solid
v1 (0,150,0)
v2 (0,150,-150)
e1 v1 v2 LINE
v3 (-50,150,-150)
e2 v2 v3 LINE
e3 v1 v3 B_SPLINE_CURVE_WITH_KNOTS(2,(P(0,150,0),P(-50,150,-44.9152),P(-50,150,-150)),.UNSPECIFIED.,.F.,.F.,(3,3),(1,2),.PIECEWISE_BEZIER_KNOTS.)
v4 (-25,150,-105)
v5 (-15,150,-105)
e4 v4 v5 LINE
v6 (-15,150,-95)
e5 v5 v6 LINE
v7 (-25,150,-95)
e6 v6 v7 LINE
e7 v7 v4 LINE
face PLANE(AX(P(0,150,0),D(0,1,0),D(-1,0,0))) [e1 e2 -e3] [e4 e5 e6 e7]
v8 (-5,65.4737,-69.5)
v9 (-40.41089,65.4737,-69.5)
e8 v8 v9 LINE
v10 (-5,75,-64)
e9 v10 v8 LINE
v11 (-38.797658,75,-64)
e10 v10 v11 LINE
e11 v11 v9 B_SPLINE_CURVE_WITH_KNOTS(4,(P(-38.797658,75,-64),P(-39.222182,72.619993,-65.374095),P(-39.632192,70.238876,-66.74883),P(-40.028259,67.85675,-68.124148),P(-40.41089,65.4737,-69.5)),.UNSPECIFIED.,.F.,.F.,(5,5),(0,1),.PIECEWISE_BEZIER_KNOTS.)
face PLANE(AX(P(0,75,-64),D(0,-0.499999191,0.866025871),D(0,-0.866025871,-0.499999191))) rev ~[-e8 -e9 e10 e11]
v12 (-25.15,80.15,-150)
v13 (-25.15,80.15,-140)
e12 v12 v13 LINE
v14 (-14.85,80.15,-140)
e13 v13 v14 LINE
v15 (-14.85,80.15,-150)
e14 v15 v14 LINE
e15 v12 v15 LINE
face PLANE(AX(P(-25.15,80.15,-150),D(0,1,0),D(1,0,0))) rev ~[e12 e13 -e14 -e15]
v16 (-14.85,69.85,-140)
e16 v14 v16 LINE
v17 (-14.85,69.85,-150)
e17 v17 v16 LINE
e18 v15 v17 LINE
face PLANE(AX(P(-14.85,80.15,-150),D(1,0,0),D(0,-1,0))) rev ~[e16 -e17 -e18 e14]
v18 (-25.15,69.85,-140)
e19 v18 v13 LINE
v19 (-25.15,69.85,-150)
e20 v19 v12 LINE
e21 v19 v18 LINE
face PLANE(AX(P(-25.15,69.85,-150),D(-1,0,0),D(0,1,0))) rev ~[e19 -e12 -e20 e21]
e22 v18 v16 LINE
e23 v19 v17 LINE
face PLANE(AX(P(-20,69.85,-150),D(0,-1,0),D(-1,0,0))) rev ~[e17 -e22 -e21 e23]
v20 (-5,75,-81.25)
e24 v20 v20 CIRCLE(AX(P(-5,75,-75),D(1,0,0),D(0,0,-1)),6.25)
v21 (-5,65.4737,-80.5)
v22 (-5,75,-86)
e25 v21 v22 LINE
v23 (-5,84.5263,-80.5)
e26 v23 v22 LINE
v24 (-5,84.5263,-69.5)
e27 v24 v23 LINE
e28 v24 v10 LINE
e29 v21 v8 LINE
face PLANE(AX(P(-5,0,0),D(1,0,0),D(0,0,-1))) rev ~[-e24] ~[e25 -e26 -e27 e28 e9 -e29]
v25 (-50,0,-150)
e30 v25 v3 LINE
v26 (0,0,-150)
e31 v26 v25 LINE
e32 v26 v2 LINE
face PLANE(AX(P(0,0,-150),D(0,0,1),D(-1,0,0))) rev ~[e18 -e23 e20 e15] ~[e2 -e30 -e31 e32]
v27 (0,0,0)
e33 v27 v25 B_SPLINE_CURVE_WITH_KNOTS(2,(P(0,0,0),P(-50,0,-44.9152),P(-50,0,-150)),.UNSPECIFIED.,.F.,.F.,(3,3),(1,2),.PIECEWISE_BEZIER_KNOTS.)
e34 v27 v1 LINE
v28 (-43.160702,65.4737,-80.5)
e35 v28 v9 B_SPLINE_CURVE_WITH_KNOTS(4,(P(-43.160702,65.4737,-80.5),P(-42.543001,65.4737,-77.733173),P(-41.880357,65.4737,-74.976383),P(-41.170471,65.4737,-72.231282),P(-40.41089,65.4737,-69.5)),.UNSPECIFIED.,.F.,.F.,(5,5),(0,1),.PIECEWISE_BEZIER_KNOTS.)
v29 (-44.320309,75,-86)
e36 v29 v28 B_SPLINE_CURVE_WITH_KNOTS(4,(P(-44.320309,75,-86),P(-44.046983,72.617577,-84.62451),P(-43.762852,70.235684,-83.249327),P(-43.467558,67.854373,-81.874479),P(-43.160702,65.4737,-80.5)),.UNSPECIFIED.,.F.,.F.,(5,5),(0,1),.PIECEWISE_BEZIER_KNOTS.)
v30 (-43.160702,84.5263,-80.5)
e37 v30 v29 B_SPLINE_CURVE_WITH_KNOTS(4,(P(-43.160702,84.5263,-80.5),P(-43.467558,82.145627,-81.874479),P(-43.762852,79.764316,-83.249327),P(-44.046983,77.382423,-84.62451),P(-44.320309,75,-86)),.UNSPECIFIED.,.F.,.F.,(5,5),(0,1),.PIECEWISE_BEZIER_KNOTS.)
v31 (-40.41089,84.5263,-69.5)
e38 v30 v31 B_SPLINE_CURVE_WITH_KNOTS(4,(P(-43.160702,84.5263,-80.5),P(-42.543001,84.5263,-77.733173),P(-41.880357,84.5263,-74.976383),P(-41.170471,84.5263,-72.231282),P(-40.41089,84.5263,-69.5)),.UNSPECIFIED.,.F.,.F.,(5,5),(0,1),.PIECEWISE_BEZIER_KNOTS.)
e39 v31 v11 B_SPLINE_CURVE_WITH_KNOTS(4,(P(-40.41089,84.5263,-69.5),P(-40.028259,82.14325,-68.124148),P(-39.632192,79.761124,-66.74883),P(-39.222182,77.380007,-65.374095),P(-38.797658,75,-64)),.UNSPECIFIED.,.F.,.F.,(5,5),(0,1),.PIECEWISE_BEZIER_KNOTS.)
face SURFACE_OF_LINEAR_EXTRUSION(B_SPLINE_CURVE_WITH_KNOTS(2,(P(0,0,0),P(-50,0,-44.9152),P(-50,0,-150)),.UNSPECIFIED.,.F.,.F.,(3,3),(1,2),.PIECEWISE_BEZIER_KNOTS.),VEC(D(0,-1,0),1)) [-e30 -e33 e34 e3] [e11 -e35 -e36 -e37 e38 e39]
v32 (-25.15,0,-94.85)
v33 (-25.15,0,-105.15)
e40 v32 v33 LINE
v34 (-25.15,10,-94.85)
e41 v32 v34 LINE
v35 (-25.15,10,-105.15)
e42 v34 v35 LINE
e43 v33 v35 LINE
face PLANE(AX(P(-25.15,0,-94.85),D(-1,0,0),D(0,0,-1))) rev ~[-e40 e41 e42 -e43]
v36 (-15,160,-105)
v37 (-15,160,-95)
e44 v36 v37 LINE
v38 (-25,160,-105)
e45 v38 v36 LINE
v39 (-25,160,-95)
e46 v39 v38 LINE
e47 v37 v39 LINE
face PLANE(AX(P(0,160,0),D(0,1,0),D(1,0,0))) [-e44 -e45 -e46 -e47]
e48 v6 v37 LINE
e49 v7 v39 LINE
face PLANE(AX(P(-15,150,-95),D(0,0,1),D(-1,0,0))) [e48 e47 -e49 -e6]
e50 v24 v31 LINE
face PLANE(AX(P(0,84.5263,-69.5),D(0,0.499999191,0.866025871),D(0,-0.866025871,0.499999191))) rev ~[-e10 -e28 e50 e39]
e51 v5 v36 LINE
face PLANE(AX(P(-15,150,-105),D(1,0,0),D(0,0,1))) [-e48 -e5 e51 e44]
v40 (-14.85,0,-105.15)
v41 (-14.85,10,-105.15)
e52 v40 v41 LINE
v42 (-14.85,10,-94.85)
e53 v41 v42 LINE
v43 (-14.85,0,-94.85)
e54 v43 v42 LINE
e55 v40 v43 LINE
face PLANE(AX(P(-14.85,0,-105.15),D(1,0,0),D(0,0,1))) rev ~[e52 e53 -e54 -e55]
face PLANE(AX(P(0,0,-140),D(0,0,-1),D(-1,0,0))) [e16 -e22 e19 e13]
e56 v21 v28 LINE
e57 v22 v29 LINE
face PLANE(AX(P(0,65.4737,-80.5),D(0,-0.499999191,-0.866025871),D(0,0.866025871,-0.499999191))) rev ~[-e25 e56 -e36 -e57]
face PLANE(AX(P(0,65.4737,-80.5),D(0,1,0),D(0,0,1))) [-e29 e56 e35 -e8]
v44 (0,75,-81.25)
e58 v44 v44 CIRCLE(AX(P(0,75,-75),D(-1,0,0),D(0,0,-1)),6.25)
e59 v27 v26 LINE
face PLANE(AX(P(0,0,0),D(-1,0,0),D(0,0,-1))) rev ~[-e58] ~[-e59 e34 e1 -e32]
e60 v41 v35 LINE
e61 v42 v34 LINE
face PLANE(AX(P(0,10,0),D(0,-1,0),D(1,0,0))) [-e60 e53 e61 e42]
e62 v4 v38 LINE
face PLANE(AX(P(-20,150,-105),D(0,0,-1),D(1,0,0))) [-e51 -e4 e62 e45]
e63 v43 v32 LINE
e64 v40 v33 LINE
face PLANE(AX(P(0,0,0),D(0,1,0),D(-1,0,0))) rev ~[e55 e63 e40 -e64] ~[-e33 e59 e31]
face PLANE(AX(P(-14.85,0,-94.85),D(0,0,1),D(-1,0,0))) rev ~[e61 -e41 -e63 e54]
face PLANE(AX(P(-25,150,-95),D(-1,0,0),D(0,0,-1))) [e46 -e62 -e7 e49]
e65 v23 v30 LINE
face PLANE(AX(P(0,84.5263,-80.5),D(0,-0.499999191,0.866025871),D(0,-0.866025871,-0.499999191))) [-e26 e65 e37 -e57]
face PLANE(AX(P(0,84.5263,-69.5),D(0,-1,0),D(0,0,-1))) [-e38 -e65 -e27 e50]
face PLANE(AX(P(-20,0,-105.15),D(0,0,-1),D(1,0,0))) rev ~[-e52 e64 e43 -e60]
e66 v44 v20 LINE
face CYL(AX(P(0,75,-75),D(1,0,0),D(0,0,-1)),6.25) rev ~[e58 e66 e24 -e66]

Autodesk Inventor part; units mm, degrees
ref_plane "YZ Plane" through (0, 0, 0) normal (1, 0, 0) x (0, 1, 0)
ref_plane "XZ Plane" through (0, 0, 0) normal (0, 1, 0) x (-1, 0, 0)
ref_plane "XY Plane" through (0, 0, 0) normal (0, 0, 1) x (1, 0, 0)
sketch "Sketch1" plane through (0, 0, 0) normal (0, 1, 0) x (-1, 0, 0)
  line L0 (0, 0) -> (0, -150)
  line L1 (0, -150) -> (50, -150)
  line L2 (0, 0) -> (50, -44.9152) construction
  line L3 (50, -44.9152) -> (50, -150) construction
  spline S0 degree 2 poles (0, 0) (50, -44.9152) (50, -150) knots 1 1 1 2 2 2
  dimension "d0" = 150
  dimension "d2" = 50
extrude "Extrusion7" add sketch "Sketch1" along normal blind 150
sketch "Sketch5" plane through (0, 0, -150) normal (0, 0, -1) x (-1, 0, 0)
  line L0 (0, 0) -> (0, 150) projected
  line L1 (0, 0) -> (20, 0)
  line L2 (0, 0) -> (50, 0) projected
  line L3 (20, 0) -> (20, 75)
  line L4 (25.15, 80.15) -> (14.85, 80.15)
  line L5 (14.85, 80.15) -> (14.85, 69.85)
  line L6 (14.85, 69.85) -> (25.15, 69.85)
  line L7 (25.15, 69.85) -> (25.15, 80.15)
  line L8 (25.15, 80.15) -> (14.85, 69.85) construction
  line L9 (14.85, 80.15) -> (25.15, 69.85) construction
  dimension "d57" = 20
  dimension "d58" = 75
  dimension "d59" = 10.3
  dimension "d60" = 10.3
extrude "Extrusion8" cut sketch "Sketch5" against normal blind 10
sketch "Sketch6" plane through (0, 0, 0) normal (0, -1, 0) x (1, 0, 0)
  line L0 (0, 0) -> (0, -150) projected
  line L1 (0, -150) -> (-20, -150)
  line L2 (0, -150) -> (-50, -150) projected
  line L3 (-20, -150) -> (-20, -100)
  line L4 (-25.15, -105.15) -> (-14.85, -105.15)
  line L5 (-14.85, -105.15) -> (-14.85, -94.85)
  line L6 (-14.85, -94.85) -> (-25.15, -94.85)
  line L7 (-25.15, -94.85) -> (-25.15, -105.15)
  line L8 (-25.15, -105.15) -> (-14.85, -94.85) construction
  line L9 (-14.85, -105.15) -> (-25.15, -94.85) construction
  dimension "d51" = 20
  dimension "d52" = 50
  dimension "d53" = 10.3
  dimension "d54" = 10.3
extrude "Extrusion9" cut sketch "Sketch6" against normal blind 10
sketch "Sketch7" plane through (0, 150, 0) normal (0, 1, 0) x (1, 0, 0)
  line L0 (0, 150) -> (-50, 150) projected
  line L1 (0, 150) -> (-20, 150)
  line L2 (-20, 150) -> (-20, 100)
  line L3 (-15, 95) -> (-25, 95)
  line L4 (-25, 95) -> (-25, 105)
  line L5 (-25, 105) -> (-15, 105)
  line L6 (-15, 105) -> (-15, 95)
  line L7 (-15, 95) -> (-25, 105) construction
  line L8 (-25, 95) -> (-15, 105) construction
  point P0 (0, 0)
  dimension "d61" = 20
  dimension "d62" = 50
  dimension "d63" = 10
  dimension "d64" = 10
extrude "Extrusion10" add sketch "Sketch7" along normal blind 10
sketch "Sketch8" plane through (0, 0, 0) normal (1, 0, 0) x (0, 0, -1)
  line L0 (0, 0) -> (0, 150) projected
  line L1 (0, 75) -> (75, 75) construction
  line L2 (0, 150) -> (150, 150) projected
  circle A0 centre (75, 75) radius 6.25
  line L3 (75, 75) -> (86, 75)
  line L4 (75, 75) -> (80.5, 84.5263)
  line L5 (75, 75) -> (69.5, 84.5263)
  line L6 (75, 75) -> (64, 75)
  line L7 (75, 75) -> (69.5, 65.4737)
  line L8 (75, 75) -> (80.5, 65.4737)
  line L9 (80.5, 65.4737) -> (86, 75)
  line L10 (80.5, 84.5263) -> (86, 75)
  line L11 (69.5, 84.5263) -> (80.5, 84.5263)
  line L12 (69.5, 84.5263) -> (64, 75)
  line L13 (64, 75) -> (69.5, 65.4737)
  line L14 (80.5, 65.4737) -> (69.5, 65.4737)
  dimension "d67" = 75
  dimension "d69" = 12.5
  dimension "d70" = 11
  dimension "d73" = 360
extrude "Extrusion11" cut sketch "Sketch8" against normal blind 100
extrude "Extrusion12" add sketch "Sketch8" against normal blind 5 contours L3 L9 L8 A0 | A0 L4 L10 L3 | A0 L5 L11 L4 | L8 L14 L7 A0 | A0 L6 L12 L5 | L7 L13 L6 A0
properties part number "3DPrintShapeCorner"
